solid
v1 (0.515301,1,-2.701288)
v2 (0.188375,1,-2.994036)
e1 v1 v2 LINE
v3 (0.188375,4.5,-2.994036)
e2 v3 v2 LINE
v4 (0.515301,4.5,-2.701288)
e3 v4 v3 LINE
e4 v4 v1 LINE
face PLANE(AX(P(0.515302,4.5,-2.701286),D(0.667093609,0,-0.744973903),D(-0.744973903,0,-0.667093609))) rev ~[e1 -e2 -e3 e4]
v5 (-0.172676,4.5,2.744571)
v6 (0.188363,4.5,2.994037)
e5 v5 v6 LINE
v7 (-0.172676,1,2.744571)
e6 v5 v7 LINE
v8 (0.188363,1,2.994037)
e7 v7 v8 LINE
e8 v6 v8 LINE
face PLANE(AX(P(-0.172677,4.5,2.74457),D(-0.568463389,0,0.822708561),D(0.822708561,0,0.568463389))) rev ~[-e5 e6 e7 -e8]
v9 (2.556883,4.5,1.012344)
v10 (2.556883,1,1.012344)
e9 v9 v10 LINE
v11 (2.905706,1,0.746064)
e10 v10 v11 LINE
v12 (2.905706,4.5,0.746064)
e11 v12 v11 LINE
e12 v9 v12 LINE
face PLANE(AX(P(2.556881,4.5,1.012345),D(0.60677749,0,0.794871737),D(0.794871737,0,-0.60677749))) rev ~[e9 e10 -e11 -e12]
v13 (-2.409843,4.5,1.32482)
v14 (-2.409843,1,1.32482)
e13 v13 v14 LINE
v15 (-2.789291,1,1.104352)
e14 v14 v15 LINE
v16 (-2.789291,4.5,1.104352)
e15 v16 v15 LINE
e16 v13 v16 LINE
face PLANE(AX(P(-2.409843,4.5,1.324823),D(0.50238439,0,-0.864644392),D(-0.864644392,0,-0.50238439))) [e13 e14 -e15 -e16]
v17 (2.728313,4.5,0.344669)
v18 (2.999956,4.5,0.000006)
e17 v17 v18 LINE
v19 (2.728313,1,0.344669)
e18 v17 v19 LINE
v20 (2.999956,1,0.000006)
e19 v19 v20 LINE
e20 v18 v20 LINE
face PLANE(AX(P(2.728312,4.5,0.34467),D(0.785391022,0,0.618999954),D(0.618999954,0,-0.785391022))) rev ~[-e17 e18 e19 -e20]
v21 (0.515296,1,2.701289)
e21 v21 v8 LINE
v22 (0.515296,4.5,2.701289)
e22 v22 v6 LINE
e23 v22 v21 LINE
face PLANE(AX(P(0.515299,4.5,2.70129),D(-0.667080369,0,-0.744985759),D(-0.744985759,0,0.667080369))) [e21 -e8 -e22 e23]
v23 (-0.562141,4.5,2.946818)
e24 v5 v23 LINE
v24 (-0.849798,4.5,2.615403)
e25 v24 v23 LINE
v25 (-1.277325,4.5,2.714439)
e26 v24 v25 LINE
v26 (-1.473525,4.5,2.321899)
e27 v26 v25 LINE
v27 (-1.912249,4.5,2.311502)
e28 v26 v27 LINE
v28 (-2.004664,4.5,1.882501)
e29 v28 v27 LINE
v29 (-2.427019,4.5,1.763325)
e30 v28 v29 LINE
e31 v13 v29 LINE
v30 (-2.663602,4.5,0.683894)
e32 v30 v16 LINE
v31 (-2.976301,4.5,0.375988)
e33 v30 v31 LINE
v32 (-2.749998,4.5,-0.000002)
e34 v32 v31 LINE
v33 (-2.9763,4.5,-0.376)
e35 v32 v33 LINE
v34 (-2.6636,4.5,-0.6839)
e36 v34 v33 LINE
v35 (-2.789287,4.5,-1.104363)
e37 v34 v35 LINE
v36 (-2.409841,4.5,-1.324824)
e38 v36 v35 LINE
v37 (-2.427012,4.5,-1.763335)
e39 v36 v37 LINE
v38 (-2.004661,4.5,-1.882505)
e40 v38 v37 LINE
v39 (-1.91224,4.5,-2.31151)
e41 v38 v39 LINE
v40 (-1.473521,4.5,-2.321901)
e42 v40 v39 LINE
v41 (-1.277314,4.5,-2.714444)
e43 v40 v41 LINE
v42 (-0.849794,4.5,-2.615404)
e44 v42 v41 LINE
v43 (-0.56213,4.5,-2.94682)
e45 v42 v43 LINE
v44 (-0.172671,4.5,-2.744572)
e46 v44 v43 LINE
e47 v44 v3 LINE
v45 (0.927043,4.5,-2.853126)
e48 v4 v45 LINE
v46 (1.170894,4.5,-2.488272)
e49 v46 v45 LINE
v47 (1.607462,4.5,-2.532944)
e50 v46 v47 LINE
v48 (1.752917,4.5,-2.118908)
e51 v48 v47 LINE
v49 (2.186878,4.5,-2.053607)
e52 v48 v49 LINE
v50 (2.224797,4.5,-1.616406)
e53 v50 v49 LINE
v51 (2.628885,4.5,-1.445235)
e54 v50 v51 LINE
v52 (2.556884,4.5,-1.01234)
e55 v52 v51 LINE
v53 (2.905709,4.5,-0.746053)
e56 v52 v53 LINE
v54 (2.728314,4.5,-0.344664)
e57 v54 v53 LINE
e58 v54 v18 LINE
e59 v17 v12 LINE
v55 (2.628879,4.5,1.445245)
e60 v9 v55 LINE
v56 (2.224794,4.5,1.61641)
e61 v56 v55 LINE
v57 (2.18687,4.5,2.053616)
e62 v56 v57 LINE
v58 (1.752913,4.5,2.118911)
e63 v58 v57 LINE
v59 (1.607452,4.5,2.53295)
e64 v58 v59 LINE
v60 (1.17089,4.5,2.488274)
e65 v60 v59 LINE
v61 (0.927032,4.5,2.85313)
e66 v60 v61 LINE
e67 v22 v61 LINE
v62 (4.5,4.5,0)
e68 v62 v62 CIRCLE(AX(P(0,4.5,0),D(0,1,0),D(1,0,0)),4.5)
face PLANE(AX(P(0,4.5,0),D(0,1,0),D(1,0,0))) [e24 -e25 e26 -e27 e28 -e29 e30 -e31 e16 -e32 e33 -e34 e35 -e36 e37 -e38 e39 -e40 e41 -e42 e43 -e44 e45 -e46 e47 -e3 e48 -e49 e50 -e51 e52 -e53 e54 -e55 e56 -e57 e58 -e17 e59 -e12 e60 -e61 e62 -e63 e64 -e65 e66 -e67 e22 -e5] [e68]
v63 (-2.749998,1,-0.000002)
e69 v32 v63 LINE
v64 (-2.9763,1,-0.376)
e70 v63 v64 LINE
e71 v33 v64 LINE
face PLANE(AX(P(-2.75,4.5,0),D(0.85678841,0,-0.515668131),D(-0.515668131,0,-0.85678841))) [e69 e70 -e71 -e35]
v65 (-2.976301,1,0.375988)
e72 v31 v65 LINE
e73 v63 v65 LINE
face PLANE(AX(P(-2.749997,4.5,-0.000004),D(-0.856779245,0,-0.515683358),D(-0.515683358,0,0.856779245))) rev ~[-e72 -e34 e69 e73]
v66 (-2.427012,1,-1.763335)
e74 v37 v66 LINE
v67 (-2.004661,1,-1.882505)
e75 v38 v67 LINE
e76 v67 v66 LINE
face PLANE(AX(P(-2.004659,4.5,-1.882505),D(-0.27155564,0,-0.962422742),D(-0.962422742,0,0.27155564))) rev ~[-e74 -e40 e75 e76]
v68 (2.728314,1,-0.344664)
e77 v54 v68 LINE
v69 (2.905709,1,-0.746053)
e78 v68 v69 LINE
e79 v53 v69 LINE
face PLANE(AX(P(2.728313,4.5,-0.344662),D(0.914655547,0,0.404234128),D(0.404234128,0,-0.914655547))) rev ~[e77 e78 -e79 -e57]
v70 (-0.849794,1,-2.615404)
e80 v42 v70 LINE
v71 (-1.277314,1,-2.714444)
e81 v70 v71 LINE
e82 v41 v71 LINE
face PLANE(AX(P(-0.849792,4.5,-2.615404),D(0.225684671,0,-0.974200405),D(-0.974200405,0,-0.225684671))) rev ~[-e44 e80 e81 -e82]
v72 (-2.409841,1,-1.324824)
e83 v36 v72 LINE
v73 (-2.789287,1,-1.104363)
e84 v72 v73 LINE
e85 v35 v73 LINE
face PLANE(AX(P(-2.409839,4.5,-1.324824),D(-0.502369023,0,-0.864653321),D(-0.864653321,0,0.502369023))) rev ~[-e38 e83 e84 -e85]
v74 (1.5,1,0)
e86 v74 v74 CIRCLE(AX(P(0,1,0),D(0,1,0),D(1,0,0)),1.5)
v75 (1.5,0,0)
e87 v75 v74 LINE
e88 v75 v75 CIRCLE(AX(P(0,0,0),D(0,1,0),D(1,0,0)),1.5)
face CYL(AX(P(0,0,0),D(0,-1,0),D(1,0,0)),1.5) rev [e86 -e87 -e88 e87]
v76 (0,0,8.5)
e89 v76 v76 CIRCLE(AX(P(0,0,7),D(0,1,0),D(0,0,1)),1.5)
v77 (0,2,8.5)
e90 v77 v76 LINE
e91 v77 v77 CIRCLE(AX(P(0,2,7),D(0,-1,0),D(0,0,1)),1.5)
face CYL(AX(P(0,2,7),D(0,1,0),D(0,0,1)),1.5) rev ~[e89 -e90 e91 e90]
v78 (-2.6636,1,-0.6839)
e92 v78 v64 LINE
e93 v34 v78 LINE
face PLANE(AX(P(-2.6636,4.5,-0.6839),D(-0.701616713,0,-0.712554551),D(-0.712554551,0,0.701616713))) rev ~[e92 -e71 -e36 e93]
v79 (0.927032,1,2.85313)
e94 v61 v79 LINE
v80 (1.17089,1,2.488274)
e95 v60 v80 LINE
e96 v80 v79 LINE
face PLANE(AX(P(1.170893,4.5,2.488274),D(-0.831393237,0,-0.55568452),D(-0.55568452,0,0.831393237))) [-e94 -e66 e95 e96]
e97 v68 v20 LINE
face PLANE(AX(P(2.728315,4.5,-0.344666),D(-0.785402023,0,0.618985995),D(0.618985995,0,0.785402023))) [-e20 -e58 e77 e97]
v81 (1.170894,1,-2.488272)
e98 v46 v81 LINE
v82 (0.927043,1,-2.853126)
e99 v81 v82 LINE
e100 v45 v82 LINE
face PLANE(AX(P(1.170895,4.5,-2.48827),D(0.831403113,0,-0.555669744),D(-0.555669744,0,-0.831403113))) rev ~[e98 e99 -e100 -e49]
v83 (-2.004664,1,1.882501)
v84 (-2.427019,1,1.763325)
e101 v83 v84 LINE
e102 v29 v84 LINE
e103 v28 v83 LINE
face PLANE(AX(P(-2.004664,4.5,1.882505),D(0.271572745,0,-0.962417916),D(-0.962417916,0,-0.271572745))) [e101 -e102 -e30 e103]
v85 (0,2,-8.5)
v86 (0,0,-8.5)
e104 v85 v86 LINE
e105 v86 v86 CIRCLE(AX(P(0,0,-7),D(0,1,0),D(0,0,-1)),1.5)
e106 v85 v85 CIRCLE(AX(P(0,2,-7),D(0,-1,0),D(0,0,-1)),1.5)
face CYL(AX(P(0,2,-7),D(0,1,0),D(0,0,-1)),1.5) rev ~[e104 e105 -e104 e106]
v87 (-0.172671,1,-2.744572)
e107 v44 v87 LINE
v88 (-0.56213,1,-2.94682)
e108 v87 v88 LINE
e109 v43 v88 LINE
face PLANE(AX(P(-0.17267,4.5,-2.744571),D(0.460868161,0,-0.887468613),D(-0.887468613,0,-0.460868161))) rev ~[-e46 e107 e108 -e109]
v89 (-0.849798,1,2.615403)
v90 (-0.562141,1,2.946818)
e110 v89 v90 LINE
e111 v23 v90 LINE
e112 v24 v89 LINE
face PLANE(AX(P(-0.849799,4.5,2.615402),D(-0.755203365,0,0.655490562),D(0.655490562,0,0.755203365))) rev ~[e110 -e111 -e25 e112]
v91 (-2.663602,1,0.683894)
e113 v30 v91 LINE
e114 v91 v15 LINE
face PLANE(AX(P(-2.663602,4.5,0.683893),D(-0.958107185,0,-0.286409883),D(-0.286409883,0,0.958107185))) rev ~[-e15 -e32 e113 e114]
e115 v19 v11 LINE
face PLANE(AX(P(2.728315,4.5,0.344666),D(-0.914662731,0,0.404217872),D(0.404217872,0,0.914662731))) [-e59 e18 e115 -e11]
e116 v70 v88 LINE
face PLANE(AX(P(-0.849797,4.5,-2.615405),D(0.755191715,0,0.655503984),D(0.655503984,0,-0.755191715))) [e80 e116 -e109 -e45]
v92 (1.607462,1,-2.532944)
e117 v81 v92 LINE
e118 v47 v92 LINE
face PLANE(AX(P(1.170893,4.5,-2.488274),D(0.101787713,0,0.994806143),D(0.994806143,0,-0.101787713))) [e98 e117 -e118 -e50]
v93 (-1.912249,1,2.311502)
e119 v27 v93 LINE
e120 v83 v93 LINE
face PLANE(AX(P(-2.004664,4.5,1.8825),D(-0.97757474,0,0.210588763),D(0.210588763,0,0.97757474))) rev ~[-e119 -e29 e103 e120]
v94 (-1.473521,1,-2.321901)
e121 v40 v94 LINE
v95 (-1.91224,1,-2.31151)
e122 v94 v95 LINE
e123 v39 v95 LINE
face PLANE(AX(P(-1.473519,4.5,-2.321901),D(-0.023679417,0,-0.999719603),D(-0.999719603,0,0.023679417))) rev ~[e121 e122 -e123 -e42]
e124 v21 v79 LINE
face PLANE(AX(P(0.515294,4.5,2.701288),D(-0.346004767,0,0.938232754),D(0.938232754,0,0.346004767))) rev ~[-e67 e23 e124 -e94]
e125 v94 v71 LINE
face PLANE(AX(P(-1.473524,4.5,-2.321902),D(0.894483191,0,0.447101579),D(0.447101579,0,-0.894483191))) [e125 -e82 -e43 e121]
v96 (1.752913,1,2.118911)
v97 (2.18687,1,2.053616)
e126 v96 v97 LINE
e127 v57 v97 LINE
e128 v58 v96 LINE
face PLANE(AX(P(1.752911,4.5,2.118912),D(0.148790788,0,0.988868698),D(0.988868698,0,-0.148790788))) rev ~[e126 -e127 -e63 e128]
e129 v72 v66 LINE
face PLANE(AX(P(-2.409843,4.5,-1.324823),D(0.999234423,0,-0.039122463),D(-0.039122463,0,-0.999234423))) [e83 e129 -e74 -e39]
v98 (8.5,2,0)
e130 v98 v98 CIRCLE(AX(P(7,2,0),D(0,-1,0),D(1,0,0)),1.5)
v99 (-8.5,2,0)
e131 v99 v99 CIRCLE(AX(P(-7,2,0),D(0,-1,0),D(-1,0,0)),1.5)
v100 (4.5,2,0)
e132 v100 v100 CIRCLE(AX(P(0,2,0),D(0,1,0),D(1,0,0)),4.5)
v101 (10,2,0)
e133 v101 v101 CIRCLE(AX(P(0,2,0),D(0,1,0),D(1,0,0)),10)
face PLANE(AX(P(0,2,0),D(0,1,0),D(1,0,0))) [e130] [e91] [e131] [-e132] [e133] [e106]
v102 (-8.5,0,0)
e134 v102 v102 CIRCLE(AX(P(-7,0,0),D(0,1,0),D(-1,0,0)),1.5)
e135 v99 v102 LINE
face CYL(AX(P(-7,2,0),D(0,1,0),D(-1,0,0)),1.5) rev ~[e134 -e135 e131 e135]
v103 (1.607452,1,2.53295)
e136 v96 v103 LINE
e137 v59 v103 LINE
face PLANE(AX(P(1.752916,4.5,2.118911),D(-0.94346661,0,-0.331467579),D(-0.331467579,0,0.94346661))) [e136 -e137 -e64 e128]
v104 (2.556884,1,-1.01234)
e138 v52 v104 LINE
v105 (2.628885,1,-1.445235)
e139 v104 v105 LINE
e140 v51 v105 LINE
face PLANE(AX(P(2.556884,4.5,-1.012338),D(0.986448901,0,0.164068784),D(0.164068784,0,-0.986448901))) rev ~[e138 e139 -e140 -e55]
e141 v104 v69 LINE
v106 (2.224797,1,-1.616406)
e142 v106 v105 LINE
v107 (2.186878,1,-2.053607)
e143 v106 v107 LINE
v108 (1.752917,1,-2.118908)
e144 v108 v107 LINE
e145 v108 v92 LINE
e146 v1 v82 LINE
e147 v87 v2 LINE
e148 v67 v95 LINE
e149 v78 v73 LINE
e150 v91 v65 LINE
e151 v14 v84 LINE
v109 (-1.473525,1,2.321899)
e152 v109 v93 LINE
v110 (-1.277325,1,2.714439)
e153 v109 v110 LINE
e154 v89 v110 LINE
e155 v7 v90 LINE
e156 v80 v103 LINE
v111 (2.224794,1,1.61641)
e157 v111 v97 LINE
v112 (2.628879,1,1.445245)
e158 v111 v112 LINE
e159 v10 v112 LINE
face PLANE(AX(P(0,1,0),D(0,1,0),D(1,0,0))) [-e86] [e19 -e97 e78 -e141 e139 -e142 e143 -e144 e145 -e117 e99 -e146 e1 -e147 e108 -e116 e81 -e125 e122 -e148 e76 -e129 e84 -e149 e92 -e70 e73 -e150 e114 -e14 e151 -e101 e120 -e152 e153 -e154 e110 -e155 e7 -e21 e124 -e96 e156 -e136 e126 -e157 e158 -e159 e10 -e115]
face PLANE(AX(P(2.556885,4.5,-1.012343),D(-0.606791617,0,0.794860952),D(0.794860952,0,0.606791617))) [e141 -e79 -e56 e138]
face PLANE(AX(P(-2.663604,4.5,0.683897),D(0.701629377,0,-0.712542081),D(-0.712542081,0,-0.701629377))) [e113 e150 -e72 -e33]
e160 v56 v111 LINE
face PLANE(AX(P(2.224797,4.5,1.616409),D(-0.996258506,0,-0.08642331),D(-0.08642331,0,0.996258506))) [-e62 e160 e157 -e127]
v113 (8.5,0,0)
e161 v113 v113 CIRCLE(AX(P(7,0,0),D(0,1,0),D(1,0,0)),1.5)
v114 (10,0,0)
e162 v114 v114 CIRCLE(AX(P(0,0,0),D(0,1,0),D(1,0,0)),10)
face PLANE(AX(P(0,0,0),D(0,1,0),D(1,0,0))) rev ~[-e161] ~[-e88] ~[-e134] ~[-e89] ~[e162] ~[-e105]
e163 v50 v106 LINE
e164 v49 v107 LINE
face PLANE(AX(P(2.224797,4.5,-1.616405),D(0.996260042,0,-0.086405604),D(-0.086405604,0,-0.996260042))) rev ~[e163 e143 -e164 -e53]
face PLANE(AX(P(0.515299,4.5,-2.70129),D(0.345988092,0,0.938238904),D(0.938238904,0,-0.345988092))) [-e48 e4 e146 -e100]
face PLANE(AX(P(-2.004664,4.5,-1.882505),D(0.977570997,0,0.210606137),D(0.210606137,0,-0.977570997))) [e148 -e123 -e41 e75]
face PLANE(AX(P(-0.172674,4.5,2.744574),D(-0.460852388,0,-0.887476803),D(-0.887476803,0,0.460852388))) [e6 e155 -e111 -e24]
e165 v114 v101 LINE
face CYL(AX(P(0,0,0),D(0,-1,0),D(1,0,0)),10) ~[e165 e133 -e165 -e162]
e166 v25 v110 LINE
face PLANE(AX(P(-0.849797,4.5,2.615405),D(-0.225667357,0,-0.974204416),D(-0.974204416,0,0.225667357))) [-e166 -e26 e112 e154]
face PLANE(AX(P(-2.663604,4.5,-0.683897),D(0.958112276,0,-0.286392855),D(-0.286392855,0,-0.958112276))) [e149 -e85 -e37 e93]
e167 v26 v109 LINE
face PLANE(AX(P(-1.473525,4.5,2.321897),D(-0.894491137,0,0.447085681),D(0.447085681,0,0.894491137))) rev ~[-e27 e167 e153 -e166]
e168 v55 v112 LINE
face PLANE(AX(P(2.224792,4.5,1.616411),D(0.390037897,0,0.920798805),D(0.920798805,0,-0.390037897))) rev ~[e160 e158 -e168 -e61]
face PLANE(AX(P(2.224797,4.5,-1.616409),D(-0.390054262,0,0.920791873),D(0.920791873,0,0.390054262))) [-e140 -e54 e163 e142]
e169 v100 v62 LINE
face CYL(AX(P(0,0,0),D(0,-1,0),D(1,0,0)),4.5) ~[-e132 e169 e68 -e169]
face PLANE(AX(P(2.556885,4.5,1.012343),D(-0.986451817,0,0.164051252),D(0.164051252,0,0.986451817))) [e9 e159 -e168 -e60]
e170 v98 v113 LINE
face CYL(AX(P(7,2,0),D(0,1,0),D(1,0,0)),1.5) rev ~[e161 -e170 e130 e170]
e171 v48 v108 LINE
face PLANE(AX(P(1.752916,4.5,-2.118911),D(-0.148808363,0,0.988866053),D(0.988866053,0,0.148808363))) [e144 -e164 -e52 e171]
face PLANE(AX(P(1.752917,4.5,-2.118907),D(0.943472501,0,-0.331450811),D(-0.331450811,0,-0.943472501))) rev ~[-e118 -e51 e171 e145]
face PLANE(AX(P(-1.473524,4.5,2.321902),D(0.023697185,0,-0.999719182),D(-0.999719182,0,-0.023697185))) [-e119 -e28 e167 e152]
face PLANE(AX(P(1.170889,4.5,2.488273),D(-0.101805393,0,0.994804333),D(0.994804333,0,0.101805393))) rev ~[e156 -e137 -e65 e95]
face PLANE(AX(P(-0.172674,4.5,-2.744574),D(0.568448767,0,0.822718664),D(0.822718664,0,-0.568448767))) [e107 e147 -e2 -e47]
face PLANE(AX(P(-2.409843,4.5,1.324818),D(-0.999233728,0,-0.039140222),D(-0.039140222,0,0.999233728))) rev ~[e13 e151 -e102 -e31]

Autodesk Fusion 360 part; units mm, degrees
sketch "Sketch1" plane through (0, 0, 0) normal (0, 1, 0) x (1, 0, 0)
  circle A0 centre (0, 0) radius 10
  circle A1 centre (0, 0) radius 4.5
  circle A2 centre (0, 0) radius 2.75
  circle A3 centre (0, 0) radius 1.5
  dimension "d1" = 20
  dimension "d2" = 9
  dimension "d3" = 5.5
  dimension "d4" = 3
extrude "Extrude1" add sketch "Sketch1" along normal blind 2 contours A0
extrude "Extrude2" add sketch "Sketch1" along normal blind 4.5 contours A1
extrude "Extrude3" add sketch "Sketch1" along normal blind 1 contours A2
sketch "Sketch2" plane through (0, 2, 0) normal (0, 1, 0) x (-1, 0, 0)
  circle A0 centre (0, 0) radius 4.5
  circle A1 centre (0, 0) radius 10
  circle A2 centre (0, 0) radius 7
  circle A3 centre (7, 0) radius 1.5
  line L0 (0, 0) -> (10, 0) construction
  dimension "d11" = 14
  dimension "d12" = 3
extrude "Extrude4" cut sketch "Sketch2" against normal up to surface (2 mm away) contours A2 A3 | A2 A3 picked at (6.5153, -0.3111) picked at (7.4507, -0.3705)
pattern_circular "C-Pattern1" count 4 over 360 about axis through (0, 1.75, 0) along (0, 1, 0) of "Extrude4"
sketch "Sketch3" plane through (0, 4.5, 0) normal (0, 1, 0) x (-1, 0, 0)
  circle A0 centre (0, 0) radius 2.75
  circle A1 centre (0, 0) radius 4.5
  circle A2 centre (0, 0) radius 3
  line L0 (0, 0) -> (3, 0)
  line L1 (0, 0) -> (2.9763, -0.376)
  line L2 (0, 0) -> (2.9057, -0.7461)
  line L3 (2.6636, -0.6839) -> (2.9763, -0.376)
  line L4 (2.75, 0) -> (2.9763, -0.376)
  dimension "d17" = 6
  dimension "d18" = 7.2
  dimension "d19" = 14.4
extrude "Extrude5" cut sketch "Sketch3" against normal up to surface (3.5 mm away) contours A0 L1 L4 | A0 L1 L3
pattern_circular "C-Pattern2" count 25 over 360 about axis through (0, 1.75, 0) along (0, 1, 0) of "Extrude5"
